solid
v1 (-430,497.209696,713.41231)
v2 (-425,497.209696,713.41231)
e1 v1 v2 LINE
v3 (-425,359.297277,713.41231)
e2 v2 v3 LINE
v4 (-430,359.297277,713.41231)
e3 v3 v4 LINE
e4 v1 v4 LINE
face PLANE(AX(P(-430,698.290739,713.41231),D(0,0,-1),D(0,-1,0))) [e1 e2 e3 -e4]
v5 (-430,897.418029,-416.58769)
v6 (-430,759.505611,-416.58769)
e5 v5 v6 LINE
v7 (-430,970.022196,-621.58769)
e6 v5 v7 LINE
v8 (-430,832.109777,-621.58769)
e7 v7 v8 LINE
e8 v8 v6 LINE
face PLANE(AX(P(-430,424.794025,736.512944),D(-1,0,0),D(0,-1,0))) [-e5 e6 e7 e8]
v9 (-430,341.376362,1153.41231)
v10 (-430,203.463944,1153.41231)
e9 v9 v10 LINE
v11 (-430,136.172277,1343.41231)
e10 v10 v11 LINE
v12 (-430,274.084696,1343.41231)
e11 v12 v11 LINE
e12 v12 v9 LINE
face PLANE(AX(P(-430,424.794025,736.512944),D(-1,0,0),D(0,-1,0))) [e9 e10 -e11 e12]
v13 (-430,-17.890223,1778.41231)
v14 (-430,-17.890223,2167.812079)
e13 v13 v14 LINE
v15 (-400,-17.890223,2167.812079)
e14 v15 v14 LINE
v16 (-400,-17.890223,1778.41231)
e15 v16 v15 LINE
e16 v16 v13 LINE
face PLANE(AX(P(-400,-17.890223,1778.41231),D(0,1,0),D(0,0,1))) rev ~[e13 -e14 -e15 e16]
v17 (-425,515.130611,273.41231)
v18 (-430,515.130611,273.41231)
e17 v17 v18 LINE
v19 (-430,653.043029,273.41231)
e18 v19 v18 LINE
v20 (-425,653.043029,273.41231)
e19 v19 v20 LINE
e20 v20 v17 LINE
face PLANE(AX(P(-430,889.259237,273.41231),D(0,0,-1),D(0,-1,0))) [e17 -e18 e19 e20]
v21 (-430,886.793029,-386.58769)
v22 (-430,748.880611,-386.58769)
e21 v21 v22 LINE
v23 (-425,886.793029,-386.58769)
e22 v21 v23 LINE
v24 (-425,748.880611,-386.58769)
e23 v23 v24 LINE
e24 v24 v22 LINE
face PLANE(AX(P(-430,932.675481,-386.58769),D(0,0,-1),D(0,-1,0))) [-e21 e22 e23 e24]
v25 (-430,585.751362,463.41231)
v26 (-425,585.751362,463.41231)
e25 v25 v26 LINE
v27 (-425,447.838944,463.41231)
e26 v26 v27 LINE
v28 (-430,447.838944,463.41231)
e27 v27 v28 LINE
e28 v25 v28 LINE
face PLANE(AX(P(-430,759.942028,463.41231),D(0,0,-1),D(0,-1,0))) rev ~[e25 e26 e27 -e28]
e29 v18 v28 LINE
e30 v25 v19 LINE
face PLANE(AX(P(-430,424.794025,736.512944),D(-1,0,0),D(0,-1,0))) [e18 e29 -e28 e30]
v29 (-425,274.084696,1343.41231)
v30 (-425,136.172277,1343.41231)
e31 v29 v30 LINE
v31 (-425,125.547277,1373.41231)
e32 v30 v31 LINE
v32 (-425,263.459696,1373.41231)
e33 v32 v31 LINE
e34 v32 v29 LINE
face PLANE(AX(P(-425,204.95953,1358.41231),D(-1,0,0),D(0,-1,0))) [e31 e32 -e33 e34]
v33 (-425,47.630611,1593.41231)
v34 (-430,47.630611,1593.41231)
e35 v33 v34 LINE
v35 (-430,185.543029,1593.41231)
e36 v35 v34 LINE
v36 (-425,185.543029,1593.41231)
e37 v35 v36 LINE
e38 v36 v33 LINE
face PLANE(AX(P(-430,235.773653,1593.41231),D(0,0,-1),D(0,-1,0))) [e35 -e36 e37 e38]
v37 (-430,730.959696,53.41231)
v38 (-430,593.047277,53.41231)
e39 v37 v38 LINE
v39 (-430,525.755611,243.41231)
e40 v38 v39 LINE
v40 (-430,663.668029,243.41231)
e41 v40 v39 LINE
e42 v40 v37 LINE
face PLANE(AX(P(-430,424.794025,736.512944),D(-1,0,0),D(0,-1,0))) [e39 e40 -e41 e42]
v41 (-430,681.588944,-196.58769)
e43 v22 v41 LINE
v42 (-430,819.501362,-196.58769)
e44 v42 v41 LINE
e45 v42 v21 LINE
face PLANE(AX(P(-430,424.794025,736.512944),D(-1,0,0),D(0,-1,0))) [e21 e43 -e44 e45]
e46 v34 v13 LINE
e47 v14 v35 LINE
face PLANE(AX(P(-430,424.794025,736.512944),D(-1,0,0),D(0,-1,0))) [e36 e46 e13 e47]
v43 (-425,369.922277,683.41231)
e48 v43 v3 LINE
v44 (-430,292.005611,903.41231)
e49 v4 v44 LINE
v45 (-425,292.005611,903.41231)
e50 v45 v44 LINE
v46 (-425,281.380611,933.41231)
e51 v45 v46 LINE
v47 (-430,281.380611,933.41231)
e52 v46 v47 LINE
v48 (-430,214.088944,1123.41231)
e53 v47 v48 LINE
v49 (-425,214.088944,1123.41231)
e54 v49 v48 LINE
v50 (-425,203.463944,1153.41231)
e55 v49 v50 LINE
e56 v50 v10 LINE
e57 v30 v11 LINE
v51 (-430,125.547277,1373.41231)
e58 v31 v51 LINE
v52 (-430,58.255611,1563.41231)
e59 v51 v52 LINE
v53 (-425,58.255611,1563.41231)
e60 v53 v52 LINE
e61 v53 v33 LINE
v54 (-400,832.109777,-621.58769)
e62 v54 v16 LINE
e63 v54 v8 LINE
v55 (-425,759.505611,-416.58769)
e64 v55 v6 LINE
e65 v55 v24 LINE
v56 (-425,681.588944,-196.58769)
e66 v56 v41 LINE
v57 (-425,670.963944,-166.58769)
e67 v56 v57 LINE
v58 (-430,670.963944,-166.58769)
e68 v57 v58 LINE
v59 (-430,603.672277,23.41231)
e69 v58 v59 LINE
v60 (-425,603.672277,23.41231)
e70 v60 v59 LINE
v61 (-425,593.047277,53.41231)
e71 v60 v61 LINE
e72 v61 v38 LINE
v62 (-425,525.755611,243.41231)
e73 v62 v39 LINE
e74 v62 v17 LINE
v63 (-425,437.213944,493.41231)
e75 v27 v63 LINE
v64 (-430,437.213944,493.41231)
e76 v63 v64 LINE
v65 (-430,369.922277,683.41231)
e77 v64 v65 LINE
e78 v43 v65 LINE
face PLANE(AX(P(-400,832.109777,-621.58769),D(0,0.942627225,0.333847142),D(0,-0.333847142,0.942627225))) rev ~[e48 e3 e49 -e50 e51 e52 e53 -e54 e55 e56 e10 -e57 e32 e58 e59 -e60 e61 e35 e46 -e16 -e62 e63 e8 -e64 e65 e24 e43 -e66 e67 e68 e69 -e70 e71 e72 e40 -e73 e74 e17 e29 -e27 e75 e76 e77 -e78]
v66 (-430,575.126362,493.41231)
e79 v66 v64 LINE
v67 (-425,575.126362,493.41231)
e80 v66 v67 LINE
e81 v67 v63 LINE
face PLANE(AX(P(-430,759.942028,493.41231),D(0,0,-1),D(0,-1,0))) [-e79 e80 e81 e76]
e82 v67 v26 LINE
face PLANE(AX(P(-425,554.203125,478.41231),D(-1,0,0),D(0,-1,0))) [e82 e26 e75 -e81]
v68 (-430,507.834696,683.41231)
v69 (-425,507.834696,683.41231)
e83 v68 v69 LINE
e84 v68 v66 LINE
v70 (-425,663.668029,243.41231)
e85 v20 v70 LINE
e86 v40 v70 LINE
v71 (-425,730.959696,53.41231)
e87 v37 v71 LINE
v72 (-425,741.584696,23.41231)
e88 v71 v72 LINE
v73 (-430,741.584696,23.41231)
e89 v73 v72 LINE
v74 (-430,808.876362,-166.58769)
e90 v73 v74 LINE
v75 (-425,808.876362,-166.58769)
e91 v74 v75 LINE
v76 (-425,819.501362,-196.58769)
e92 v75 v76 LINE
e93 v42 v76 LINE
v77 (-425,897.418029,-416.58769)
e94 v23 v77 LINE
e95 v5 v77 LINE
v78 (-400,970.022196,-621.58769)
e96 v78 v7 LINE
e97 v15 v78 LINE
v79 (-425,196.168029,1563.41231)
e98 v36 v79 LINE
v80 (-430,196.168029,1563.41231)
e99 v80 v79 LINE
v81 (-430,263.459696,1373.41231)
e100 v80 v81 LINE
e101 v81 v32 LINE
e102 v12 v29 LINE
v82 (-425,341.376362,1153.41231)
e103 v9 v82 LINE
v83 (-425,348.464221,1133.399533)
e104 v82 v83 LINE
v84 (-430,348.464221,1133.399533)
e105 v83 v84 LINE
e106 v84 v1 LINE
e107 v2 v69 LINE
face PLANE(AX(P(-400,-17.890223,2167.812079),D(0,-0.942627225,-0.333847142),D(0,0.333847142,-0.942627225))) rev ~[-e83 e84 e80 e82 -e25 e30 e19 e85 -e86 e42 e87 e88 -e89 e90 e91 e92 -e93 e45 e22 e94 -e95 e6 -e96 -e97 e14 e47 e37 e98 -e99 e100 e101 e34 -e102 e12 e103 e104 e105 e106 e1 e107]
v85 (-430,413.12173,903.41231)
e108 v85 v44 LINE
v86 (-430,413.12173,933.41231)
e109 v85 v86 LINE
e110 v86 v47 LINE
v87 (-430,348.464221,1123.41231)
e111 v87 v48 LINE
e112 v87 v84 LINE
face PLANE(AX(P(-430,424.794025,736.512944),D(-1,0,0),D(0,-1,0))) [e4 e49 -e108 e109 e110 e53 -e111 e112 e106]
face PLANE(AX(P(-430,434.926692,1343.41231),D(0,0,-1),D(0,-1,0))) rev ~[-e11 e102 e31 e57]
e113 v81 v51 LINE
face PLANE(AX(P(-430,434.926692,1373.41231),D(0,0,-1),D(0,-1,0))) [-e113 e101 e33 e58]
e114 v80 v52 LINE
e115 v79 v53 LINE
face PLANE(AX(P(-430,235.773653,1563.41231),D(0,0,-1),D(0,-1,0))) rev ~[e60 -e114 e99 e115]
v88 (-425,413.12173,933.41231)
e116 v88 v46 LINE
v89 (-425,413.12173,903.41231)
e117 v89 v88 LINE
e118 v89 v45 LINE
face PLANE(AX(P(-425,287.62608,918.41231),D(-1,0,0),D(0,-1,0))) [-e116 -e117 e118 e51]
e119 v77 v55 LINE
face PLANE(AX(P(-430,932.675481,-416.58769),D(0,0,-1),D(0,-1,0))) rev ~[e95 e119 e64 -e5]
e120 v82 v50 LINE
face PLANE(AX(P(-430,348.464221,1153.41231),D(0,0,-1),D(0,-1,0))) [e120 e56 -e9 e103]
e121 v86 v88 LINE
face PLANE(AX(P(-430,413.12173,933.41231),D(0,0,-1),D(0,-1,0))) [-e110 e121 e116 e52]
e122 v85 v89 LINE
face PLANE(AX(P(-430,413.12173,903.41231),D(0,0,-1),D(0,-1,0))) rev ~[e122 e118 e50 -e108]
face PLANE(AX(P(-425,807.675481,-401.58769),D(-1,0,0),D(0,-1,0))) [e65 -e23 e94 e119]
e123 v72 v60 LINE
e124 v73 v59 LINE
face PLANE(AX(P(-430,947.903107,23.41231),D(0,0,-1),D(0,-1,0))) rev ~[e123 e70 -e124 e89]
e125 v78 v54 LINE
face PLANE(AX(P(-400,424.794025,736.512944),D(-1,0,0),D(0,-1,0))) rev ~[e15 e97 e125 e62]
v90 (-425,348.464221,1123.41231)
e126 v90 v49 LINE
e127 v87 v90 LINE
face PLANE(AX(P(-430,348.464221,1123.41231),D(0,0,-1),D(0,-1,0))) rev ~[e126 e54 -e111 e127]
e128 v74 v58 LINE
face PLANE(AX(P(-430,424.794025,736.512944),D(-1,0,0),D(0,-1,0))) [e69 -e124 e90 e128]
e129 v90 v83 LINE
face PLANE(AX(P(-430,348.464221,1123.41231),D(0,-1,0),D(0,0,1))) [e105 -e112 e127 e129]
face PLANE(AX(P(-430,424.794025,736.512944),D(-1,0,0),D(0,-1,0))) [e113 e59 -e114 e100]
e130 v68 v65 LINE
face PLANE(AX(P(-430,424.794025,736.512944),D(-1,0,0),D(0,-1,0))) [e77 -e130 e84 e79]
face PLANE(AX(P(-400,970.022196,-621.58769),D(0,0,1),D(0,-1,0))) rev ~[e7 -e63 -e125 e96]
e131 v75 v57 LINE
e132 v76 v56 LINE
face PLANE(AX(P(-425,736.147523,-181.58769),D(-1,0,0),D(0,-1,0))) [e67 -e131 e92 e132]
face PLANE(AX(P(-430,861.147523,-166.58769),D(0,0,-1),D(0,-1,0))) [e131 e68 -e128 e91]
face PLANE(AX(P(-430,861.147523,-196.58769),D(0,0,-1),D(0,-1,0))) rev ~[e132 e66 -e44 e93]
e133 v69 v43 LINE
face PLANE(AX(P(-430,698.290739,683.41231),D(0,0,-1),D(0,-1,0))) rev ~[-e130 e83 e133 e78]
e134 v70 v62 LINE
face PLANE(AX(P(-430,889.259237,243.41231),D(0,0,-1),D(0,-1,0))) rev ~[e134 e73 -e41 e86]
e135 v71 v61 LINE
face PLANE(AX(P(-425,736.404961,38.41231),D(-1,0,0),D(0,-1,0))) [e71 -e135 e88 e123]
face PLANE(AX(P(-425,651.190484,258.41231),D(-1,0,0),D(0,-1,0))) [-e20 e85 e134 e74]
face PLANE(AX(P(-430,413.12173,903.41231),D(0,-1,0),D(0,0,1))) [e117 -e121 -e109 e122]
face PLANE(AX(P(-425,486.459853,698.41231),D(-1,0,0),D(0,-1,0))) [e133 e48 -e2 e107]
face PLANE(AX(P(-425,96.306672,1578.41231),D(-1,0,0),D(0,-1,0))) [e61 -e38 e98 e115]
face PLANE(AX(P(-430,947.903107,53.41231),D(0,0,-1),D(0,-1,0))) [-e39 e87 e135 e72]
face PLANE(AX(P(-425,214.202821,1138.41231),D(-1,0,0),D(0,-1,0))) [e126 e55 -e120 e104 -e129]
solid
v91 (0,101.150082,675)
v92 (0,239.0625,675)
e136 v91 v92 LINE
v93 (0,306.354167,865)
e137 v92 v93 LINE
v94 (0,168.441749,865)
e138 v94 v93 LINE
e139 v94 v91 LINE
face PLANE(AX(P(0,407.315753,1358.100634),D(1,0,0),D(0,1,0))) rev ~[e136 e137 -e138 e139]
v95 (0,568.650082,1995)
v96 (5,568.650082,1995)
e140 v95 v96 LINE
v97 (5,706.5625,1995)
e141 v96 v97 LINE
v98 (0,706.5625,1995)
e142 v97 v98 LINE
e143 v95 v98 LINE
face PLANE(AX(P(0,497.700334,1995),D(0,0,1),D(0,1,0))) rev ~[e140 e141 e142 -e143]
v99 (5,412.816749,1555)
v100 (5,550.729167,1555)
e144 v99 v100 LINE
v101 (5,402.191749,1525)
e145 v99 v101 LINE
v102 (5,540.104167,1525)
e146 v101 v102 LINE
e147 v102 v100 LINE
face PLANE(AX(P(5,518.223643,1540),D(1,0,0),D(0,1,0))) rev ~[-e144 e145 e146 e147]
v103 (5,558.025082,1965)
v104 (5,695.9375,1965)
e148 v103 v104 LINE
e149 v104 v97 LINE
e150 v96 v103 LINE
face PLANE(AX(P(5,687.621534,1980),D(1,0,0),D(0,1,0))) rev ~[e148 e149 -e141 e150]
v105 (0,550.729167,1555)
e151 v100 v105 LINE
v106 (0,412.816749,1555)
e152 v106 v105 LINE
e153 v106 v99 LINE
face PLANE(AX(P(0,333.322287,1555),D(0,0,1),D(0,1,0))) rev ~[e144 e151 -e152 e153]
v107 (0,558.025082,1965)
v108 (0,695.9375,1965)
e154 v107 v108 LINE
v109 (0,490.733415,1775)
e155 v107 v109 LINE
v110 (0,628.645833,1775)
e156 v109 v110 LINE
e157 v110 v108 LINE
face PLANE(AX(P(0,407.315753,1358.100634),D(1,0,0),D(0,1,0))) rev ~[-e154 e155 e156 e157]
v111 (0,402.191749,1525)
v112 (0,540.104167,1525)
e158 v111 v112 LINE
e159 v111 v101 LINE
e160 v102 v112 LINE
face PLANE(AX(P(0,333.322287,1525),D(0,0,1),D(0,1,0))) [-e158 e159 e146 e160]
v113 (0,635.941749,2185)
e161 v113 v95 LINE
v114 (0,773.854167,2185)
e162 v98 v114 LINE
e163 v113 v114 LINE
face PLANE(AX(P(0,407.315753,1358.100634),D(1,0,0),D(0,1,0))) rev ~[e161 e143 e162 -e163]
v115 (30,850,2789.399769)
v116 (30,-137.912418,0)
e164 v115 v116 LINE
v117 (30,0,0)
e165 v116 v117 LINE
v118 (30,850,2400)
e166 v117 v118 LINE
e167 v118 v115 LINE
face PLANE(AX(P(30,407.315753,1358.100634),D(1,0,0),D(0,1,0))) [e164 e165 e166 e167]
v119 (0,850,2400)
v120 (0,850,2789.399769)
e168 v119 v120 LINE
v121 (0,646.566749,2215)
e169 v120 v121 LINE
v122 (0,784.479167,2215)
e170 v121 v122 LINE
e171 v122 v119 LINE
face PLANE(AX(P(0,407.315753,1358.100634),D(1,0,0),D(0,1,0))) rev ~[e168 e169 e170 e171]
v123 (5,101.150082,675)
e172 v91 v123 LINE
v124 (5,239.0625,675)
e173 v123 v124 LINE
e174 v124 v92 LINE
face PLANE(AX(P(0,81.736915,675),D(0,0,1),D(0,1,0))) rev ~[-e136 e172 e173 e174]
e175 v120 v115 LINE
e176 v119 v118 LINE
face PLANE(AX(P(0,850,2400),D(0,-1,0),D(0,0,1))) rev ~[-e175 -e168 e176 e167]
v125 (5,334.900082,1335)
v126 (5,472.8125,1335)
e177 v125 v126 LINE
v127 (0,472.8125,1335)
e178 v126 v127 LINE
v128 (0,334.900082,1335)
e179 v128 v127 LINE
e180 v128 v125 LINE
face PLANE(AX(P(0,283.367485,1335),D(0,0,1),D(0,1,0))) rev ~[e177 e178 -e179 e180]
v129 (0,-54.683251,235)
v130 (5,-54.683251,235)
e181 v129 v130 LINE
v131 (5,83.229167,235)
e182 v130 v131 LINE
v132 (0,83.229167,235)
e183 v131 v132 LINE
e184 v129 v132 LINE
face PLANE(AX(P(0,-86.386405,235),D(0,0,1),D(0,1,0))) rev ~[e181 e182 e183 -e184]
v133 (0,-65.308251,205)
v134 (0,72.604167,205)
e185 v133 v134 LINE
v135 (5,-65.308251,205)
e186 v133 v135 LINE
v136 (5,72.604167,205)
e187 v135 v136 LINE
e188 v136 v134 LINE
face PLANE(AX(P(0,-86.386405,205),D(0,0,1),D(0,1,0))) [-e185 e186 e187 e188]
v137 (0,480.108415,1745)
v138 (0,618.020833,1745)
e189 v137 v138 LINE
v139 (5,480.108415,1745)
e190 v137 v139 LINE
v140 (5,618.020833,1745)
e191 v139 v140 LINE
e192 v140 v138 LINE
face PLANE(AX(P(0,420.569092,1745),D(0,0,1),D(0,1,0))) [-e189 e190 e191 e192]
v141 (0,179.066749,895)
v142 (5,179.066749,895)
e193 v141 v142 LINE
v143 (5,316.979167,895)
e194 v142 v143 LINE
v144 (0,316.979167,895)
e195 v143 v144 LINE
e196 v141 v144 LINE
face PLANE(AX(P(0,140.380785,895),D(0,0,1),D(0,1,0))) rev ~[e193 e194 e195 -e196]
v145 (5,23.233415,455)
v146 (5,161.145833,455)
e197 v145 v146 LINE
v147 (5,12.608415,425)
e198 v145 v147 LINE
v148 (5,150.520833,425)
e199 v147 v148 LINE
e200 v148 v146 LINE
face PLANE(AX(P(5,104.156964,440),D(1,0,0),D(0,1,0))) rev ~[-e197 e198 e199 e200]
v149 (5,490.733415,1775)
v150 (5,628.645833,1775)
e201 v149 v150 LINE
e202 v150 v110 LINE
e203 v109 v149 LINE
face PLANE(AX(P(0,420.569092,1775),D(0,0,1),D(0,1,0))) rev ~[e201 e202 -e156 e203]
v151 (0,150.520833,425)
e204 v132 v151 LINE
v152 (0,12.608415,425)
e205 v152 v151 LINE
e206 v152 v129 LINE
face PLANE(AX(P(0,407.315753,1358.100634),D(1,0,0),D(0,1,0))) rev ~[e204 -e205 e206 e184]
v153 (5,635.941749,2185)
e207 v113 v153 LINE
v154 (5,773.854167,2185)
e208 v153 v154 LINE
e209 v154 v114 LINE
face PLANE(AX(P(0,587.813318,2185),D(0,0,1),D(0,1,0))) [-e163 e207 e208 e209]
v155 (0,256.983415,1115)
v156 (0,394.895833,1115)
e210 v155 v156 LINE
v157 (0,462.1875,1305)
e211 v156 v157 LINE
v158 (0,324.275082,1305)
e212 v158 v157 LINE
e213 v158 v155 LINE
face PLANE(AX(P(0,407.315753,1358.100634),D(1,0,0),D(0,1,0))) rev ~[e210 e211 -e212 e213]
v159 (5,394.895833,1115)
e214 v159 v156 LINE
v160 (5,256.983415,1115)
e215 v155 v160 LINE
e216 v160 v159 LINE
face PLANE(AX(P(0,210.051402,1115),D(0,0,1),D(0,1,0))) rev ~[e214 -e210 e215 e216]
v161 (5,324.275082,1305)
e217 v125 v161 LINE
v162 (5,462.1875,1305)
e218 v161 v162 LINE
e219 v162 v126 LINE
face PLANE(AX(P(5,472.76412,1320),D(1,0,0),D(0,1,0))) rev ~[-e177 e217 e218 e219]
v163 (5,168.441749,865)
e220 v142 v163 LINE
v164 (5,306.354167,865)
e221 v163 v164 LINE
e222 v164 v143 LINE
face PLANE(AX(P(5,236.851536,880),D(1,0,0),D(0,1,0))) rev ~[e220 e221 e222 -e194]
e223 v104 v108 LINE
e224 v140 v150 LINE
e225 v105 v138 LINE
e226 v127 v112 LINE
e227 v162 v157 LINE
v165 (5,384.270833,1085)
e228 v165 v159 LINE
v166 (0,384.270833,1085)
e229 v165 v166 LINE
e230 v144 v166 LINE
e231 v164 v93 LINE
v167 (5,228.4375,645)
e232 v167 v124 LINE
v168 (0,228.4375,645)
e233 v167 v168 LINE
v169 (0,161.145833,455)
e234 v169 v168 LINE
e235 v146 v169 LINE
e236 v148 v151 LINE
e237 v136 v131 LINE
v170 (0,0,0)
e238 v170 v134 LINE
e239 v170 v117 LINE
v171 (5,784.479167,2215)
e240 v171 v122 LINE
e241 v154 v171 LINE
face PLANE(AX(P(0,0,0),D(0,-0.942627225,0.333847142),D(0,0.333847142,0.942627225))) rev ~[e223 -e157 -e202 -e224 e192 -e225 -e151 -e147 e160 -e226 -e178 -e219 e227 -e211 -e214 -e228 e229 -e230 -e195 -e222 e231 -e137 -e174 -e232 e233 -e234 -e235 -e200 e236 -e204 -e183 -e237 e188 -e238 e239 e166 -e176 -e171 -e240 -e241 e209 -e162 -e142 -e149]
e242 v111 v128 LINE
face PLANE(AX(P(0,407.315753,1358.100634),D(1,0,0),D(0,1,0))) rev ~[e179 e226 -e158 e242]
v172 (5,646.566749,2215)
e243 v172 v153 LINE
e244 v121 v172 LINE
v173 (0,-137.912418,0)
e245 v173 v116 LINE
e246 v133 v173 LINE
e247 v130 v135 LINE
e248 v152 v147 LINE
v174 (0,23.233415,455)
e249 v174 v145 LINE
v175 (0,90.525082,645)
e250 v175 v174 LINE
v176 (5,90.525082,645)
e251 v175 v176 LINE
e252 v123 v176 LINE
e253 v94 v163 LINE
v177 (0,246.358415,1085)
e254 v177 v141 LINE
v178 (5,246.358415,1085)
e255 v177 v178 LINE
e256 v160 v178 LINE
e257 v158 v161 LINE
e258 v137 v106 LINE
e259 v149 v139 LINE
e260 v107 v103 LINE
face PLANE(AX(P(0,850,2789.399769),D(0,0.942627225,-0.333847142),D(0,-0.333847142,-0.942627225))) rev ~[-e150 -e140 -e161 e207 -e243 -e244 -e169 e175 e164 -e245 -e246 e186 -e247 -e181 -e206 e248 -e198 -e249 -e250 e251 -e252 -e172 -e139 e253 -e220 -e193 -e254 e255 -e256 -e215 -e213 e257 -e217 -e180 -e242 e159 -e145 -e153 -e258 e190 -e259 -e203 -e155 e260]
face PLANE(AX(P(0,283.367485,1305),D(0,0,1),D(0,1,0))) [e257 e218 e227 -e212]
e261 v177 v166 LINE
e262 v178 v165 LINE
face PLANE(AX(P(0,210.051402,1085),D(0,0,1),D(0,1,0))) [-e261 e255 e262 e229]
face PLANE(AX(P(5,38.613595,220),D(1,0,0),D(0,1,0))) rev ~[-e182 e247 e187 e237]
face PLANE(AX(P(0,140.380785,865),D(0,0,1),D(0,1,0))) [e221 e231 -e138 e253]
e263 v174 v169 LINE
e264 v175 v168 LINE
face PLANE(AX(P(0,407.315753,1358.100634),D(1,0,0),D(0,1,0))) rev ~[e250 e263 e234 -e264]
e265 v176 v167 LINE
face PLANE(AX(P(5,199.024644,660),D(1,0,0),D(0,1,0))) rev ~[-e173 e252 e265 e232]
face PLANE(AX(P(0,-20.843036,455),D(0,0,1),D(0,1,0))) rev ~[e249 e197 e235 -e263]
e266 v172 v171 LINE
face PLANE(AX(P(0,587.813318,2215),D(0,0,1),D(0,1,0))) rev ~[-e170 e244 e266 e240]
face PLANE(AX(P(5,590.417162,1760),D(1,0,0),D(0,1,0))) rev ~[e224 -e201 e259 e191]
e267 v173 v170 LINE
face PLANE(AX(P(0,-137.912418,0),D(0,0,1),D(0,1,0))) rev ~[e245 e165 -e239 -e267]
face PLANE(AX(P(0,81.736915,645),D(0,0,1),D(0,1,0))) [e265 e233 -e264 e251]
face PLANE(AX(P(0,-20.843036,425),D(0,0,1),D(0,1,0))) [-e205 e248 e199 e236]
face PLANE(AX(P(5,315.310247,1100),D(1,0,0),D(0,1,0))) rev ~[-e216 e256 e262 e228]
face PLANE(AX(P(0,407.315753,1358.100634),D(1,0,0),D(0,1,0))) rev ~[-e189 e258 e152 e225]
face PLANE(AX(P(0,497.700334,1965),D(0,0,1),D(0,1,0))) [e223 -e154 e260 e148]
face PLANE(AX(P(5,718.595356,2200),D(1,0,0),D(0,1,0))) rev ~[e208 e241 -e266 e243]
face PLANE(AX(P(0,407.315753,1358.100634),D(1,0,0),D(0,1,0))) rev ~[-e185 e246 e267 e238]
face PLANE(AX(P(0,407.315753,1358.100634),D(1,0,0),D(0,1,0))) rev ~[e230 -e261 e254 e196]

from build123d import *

# Parameters (mm, degrees)
F1_DEPTH  = 30
F2_W      = 250
F2_H      = 30
F2_W_2    = 234.575457871
F2_W_3    = 192.9415017366
F2_W_4    = 210.5176895857
F2_W_5    = 378.7932693958
F2_W_6    = 369.8027133942
F2_W_7    = 339.6961390972
F2_W_8    = 379.8424005508
F2_W_9    = 261.5640759468
F3_DEPTH  = 5
F6_DEPTH  = 30
F7_W      = 250
F7_H      = 30
F7_W_2    = 422.9962933395
F7_W_3    = 476.137507293
F7_W_4    = 411.4778074953
F7_W_5    = 423.6617717478
F7_W_6    = 250.9912997484
F7_W_7    = 268.522799015
F7_W_8    = 459.9343236122
F8_DEPTH  = 5
F9_W      = 278.933961407
F9_H      = 30
F10_DEPTH = 5


with BuildPart() as f1:
    # F0 (on Right) → F1 (new body)
    with BuildSketch(Plane.YZ):
        Polygon((850, 2789.3997687863), (-137.9124181118, 0), (0, 0), (850, 2400), align=None)
    extrude(amount=F1_DEPTH)

    # F2 (on face) → F3 (cut)
    with BuildSketch(Plane.YZ):
        with Locations((38.6135950685, 220)):
            Rectangle(F2_W, F2_H)
        with Locations((104.1569635272, 440)):
            Rectangle(F2_W, F2_H)
        with Locations((199.024643749, 660)):
            Rectangle(F2_W_2, F2_H)
        with Locations((236.8515357375, 880)):
            Rectangle(F2_W_3, F2_H)
        with Locations((315.3102472425, 1100)):
            Rectangle(F2_W_4, F2_H)
        with Locations((472.7641195059, 1320)):
            Rectangle(F2_W_5, F2_H)
        with Locations((518.2236433029, 1540)):
            Rectangle(F2_W_6, F2_H)
        with Locations((590.4171615839, 1760)):
            Rectangle(F2_W_7, F2_H)
        with Locations((687.6215338707, 1980)):
            Rectangle(F2_W_8, F2_H)
        with Locations((718.5953557491, 2200)):
            Rectangle(F2_W_9, F2_H)
    extrude(amount=F3_DEPTH, mode=Mode.SUBTRACT)


with BuildPart() as f6:
    # F5 (on offset) → F6 (new body)
    with BuildSketch(Plane(origin=(-400, 0, 0), x_dir=(0, -1, 0), z_dir=(-1, 0, 0))):
        Polygon((17.8902225808, 2167.8120785297), (-970.022195531, -621.5876902566), (-832.1097774192, -621.5876902566), (17.8902225808, 1778.4123097434), align=None)
    extrude(amount=F6_DEPTH)

    # F7 (on face) → F8 (cut)
    with BuildSketch(Plane(origin=(-430, 0, 0), x_dir=(0, -1, 0), z_dir=(-1, 0, 0))):
        with Locations((-807.6754808426, -401.5876902566)):
            Rectangle(F7_W, F7_H)
        with Locations((-736.1475229263, -181.5876902566)):
            Rectangle(F7_W, F7_H)
        with Locations((-736.4049607681, 38.4123097434)):
            Rectangle(F7_W_2, F7_H)
        with Locations((-651.1904837357, 258.4123097434)):
            Rectangle(F7_W_3, F7_H)
        with Locations((-554.2031245099, 478.4123097434)):
            Rectangle(F7_W_4, F7_H)
        with Locations((-486.4598529206, 698.4123097434)):
            Rectangle(F7_W_5, F7_H)
        with Locations((-287.626080215, 918.4123097434)):
            Rectangle(F7_W_6, F7_H)
        with Locations((-214.2028212547, 1138.4123097434)):
            Rectangle(F7_W_7, F7_H)
        with Locations((-204.9595301764, 1358.4123097434)):
            Rectangle(F7_W_8, F7_H)
    extrude(amount=-F8_DEPTH, mode=Mode.SUBTRACT)

    # F9 (on face) → F10 (cut)
    with BuildSketch(Plane(origin=(-430, 0, 0), x_dir=(0, -1, 0), z_dir=(-1, 0, 0))):
        with Locations((-96.3066720885, 1578.4123097434)):
            Rectangle(F9_W, F9_H)
    extrude(amount=-F10_DEPTH, mode=Mode.SUBTRACT)


solid = Compound([f1.part, f6.part])
